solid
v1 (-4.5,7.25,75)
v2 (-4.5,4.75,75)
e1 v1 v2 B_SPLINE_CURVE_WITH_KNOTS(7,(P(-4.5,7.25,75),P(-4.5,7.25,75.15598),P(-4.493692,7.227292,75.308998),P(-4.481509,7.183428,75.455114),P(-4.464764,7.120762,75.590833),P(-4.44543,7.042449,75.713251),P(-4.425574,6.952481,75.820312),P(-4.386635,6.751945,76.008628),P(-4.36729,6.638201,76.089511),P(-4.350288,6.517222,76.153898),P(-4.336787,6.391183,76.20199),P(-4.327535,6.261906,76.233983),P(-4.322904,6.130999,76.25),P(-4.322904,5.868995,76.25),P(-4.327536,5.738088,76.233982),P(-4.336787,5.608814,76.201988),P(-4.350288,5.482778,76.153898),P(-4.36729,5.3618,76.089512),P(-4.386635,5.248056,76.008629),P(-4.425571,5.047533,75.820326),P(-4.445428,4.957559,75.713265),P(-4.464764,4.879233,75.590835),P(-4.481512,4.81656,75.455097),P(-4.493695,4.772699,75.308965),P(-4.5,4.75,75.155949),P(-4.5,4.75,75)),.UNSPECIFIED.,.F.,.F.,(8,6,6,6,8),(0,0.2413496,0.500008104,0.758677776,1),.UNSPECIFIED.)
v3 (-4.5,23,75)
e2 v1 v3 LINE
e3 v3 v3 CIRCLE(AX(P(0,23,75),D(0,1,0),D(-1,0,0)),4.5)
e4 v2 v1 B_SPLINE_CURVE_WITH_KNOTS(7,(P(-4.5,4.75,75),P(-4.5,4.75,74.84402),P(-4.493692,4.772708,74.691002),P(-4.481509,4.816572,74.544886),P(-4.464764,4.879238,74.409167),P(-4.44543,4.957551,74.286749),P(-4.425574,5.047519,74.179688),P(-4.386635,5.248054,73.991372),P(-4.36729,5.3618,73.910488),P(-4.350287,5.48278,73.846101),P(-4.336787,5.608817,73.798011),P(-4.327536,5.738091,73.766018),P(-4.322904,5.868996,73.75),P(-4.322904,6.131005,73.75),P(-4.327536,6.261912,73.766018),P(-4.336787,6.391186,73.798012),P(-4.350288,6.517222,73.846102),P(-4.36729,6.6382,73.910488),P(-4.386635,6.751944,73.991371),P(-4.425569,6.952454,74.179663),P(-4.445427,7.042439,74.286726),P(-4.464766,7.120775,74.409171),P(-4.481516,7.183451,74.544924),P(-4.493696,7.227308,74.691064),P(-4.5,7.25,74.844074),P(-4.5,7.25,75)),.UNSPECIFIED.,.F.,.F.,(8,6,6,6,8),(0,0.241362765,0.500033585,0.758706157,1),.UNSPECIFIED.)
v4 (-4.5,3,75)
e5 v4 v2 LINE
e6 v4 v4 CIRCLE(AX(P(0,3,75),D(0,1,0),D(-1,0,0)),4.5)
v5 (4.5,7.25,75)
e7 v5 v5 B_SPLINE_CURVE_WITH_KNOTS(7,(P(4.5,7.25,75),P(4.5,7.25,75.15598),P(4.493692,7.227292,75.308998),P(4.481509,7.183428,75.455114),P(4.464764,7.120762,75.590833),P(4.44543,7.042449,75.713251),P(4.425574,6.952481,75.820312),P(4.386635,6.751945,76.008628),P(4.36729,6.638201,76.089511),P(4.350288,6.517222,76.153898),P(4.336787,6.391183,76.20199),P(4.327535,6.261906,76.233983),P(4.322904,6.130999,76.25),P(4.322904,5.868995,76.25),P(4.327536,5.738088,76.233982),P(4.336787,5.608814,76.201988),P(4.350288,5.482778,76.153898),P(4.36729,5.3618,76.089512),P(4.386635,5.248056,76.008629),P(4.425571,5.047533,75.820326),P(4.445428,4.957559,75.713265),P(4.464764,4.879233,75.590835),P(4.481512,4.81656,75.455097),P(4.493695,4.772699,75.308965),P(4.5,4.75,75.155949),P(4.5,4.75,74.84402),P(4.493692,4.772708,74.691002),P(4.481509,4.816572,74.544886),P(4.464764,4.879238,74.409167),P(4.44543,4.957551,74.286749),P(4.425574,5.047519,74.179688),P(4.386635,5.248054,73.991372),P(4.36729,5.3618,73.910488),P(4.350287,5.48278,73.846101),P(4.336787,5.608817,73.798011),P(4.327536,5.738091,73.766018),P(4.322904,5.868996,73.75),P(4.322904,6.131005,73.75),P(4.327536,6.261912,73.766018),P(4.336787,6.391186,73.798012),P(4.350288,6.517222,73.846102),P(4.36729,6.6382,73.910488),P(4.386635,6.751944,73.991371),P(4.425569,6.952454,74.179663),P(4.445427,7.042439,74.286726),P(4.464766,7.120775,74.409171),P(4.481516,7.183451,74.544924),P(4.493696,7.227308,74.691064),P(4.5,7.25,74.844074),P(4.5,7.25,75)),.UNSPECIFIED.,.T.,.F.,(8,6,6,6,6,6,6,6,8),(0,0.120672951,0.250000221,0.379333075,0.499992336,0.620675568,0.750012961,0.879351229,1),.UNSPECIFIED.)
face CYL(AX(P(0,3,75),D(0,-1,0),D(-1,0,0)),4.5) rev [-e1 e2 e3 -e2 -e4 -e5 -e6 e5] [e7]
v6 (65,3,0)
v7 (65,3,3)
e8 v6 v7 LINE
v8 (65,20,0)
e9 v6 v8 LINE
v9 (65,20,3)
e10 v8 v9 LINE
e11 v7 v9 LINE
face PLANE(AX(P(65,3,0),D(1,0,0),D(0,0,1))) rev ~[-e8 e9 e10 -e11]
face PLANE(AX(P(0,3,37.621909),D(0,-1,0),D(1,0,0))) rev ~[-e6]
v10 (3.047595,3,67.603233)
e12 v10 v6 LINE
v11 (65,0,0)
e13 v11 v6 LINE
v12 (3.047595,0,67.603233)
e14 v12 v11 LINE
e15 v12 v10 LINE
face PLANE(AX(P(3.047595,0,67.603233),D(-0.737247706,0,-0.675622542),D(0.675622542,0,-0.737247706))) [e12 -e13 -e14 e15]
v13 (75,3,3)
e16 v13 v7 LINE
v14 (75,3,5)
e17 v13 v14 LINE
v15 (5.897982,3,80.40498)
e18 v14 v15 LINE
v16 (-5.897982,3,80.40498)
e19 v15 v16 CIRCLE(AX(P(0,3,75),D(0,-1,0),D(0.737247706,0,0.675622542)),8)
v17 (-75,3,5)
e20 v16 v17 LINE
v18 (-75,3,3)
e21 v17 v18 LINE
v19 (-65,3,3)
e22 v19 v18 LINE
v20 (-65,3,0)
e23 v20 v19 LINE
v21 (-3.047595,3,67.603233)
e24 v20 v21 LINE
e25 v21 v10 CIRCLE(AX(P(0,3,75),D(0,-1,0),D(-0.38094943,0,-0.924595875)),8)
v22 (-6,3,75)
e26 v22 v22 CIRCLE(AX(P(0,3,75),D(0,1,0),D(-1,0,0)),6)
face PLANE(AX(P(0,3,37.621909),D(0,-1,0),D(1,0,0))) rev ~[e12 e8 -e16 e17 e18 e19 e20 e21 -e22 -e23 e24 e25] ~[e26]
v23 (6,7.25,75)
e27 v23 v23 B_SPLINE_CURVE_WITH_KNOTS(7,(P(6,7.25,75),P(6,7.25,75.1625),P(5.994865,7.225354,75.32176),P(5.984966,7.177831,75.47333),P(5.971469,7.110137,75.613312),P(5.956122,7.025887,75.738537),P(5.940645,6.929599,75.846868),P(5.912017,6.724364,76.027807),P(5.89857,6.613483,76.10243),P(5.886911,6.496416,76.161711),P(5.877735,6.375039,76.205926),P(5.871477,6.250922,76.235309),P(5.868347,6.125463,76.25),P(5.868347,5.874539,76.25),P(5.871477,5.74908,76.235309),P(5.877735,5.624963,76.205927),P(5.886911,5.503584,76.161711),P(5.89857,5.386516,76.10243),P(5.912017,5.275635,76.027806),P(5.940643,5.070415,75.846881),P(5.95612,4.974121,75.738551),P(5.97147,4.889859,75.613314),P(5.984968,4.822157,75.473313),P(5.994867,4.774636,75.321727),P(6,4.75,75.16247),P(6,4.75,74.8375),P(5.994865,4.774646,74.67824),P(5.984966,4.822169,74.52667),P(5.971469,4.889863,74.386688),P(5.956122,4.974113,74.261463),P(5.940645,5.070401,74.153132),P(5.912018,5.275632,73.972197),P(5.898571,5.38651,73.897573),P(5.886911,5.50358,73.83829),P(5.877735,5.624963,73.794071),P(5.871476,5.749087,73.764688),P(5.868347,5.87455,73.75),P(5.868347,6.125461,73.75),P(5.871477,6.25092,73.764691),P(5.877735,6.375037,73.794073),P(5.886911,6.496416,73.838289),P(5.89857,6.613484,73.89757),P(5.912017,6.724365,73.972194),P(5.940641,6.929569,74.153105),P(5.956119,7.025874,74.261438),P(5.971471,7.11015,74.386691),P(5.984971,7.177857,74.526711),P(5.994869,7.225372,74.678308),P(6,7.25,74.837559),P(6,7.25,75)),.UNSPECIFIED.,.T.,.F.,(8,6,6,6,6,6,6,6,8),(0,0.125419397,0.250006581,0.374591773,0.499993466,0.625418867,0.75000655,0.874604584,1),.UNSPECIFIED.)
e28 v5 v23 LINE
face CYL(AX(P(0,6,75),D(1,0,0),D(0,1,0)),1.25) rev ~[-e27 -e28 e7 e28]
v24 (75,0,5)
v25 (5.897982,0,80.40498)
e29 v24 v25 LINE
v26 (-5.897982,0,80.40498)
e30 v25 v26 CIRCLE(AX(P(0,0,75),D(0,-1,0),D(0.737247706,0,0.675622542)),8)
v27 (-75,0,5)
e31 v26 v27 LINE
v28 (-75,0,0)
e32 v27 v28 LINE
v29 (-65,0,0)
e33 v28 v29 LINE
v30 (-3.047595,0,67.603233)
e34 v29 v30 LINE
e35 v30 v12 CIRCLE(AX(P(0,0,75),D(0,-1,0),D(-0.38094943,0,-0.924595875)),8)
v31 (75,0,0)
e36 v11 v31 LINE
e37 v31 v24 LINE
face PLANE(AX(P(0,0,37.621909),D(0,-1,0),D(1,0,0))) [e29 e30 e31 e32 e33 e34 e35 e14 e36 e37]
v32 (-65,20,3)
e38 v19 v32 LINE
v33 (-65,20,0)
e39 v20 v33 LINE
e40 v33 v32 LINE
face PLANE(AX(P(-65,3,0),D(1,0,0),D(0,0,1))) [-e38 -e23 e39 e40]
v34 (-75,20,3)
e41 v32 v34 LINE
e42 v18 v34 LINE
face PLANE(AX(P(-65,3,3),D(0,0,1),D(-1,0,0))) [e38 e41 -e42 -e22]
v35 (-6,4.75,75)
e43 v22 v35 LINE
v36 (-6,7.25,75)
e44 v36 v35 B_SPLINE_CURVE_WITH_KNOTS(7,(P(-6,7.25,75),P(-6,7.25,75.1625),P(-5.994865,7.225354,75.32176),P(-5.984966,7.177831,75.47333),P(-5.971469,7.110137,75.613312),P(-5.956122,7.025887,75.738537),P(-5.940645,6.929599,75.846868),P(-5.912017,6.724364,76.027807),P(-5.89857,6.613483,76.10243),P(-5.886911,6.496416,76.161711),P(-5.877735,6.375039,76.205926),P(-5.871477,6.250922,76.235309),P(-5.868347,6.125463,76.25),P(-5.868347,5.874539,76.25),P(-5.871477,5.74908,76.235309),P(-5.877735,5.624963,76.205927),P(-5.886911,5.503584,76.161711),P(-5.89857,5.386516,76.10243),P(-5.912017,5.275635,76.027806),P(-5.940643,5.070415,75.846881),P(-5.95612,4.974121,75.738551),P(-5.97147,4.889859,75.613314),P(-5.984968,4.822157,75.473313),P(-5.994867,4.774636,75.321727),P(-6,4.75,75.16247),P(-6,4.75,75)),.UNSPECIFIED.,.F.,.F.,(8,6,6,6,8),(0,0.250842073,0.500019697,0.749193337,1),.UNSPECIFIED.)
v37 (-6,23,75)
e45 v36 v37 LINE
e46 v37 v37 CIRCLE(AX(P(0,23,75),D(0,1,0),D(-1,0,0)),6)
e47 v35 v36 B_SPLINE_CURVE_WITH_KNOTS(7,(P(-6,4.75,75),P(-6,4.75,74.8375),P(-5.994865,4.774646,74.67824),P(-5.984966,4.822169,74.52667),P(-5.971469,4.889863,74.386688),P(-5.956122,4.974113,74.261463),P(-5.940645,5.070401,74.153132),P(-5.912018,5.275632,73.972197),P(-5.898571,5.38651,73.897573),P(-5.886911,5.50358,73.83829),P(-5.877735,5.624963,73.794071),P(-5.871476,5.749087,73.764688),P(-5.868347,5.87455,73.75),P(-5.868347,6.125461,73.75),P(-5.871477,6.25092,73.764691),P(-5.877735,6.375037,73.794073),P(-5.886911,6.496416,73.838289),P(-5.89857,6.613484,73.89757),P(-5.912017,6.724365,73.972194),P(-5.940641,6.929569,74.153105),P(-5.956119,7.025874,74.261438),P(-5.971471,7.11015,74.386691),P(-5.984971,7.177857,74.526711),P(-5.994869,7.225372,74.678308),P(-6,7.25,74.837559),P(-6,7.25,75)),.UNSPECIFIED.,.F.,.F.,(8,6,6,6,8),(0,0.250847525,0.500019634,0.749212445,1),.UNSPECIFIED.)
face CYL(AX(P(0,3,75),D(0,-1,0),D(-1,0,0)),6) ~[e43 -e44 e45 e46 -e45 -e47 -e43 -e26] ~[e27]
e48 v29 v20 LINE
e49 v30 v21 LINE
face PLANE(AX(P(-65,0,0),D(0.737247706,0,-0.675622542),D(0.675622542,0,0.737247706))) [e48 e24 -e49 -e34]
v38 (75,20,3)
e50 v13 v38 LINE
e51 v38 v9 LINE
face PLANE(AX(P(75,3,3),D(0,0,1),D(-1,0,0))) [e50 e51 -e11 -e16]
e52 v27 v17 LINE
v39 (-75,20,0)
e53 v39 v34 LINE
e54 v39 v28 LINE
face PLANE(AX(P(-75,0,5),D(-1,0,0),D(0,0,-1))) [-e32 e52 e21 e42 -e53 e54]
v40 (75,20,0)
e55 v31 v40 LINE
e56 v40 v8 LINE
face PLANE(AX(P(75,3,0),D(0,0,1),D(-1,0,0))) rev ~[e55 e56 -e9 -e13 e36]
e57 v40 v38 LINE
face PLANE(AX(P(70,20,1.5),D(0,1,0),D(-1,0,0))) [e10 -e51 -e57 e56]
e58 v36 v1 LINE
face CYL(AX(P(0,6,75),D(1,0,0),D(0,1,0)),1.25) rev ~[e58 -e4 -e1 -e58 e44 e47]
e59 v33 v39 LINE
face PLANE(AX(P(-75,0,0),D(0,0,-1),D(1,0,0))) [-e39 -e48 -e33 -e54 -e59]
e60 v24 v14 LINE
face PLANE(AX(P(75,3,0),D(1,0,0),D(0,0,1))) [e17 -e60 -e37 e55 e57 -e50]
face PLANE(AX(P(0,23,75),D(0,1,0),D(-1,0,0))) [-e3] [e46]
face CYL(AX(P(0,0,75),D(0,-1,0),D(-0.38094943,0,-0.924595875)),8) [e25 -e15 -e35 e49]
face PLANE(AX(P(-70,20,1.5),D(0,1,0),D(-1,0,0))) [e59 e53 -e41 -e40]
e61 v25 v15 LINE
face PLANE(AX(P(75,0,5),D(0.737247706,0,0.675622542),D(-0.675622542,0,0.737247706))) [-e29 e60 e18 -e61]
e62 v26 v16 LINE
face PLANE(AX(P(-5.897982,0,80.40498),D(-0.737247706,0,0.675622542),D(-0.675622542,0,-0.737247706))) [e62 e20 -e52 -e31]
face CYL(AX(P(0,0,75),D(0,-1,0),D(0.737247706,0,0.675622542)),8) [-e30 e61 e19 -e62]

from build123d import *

# Parameters (mm, degrees)
F1_DEPTH = 3
F2_R     = 6
F2_R_2   = 4.5
F3_DEPTH = 20
F4_W     = 10
F4_H     = 3
F5_DEPTH = 17
F6_R     = 1.25
F7_DEPTH = 12.5


with BuildPart() as f1:
    # F0 (on Front) → F1 (new body)
    with BuildSketch(Plane.XZ):
        with BuildLine():
            Line((-75, 5), (-75, 0))
            Line((-75, 0), (-65, 0))
            Line((-65, 0), (-3.0475954437, 67.6032330027))
            ThreePointArc((-3.0475954437, 67.6032330027), (0, 67), (3.0475954437, 67.6032330027))
            Line((3.0475954437, 67.6032330027), (65, 0))
            Line((65, 0), (75, 0))
            Line((75, 0), (75, 5))
            Line((75, 5), (5.8979816495, 80.4049803387))
            ThreePointArc((5.8979816495, 80.4049803387), (0, 83), (-5.8979816495, 80.4049803387))
            Line((-5.8979816495, 80.4049803387), (-75, 5))
        make_face()
    extrude(amount=-F1_DEPTH)

    # F2 (on face) → F3 (join)
    with BuildSketch(Plane(origin=(0, 3, 0), x_dir=(-1, 0, 0), z_dir=(0, 1, 0))):
        with Locations((0, 75)):
            Circle(F2_R)
        with Locations((0, 75)):
            Circle(F2_R_2, mode=Mode.SUBTRACT)
    extrude(amount=F3_DEPTH)

    # F4 (on face) → F5 (join)
    with BuildSketch(Plane(origin=(0, 3, 0), x_dir=(-1, 0, 0), z_dir=(0, 1, 0))):
        with Locations((-70, 1.5)):
            Rectangle(F4_W, F4_H)
        with Locations((70, 1.5)):
            Rectangle(F4_W, F4_H)
    extrude(amount=F5_DEPTH)

    # F6 (on Right) → F7 (cut, symmetric)
    with BuildSketch(Plane.YZ):
        with Locations((6, 75)):
            Circle(F6_R)
    extrude(amount=F7_DEPTH, both=True, mode=Mode.SUBTRACT)


solid = f1.part
